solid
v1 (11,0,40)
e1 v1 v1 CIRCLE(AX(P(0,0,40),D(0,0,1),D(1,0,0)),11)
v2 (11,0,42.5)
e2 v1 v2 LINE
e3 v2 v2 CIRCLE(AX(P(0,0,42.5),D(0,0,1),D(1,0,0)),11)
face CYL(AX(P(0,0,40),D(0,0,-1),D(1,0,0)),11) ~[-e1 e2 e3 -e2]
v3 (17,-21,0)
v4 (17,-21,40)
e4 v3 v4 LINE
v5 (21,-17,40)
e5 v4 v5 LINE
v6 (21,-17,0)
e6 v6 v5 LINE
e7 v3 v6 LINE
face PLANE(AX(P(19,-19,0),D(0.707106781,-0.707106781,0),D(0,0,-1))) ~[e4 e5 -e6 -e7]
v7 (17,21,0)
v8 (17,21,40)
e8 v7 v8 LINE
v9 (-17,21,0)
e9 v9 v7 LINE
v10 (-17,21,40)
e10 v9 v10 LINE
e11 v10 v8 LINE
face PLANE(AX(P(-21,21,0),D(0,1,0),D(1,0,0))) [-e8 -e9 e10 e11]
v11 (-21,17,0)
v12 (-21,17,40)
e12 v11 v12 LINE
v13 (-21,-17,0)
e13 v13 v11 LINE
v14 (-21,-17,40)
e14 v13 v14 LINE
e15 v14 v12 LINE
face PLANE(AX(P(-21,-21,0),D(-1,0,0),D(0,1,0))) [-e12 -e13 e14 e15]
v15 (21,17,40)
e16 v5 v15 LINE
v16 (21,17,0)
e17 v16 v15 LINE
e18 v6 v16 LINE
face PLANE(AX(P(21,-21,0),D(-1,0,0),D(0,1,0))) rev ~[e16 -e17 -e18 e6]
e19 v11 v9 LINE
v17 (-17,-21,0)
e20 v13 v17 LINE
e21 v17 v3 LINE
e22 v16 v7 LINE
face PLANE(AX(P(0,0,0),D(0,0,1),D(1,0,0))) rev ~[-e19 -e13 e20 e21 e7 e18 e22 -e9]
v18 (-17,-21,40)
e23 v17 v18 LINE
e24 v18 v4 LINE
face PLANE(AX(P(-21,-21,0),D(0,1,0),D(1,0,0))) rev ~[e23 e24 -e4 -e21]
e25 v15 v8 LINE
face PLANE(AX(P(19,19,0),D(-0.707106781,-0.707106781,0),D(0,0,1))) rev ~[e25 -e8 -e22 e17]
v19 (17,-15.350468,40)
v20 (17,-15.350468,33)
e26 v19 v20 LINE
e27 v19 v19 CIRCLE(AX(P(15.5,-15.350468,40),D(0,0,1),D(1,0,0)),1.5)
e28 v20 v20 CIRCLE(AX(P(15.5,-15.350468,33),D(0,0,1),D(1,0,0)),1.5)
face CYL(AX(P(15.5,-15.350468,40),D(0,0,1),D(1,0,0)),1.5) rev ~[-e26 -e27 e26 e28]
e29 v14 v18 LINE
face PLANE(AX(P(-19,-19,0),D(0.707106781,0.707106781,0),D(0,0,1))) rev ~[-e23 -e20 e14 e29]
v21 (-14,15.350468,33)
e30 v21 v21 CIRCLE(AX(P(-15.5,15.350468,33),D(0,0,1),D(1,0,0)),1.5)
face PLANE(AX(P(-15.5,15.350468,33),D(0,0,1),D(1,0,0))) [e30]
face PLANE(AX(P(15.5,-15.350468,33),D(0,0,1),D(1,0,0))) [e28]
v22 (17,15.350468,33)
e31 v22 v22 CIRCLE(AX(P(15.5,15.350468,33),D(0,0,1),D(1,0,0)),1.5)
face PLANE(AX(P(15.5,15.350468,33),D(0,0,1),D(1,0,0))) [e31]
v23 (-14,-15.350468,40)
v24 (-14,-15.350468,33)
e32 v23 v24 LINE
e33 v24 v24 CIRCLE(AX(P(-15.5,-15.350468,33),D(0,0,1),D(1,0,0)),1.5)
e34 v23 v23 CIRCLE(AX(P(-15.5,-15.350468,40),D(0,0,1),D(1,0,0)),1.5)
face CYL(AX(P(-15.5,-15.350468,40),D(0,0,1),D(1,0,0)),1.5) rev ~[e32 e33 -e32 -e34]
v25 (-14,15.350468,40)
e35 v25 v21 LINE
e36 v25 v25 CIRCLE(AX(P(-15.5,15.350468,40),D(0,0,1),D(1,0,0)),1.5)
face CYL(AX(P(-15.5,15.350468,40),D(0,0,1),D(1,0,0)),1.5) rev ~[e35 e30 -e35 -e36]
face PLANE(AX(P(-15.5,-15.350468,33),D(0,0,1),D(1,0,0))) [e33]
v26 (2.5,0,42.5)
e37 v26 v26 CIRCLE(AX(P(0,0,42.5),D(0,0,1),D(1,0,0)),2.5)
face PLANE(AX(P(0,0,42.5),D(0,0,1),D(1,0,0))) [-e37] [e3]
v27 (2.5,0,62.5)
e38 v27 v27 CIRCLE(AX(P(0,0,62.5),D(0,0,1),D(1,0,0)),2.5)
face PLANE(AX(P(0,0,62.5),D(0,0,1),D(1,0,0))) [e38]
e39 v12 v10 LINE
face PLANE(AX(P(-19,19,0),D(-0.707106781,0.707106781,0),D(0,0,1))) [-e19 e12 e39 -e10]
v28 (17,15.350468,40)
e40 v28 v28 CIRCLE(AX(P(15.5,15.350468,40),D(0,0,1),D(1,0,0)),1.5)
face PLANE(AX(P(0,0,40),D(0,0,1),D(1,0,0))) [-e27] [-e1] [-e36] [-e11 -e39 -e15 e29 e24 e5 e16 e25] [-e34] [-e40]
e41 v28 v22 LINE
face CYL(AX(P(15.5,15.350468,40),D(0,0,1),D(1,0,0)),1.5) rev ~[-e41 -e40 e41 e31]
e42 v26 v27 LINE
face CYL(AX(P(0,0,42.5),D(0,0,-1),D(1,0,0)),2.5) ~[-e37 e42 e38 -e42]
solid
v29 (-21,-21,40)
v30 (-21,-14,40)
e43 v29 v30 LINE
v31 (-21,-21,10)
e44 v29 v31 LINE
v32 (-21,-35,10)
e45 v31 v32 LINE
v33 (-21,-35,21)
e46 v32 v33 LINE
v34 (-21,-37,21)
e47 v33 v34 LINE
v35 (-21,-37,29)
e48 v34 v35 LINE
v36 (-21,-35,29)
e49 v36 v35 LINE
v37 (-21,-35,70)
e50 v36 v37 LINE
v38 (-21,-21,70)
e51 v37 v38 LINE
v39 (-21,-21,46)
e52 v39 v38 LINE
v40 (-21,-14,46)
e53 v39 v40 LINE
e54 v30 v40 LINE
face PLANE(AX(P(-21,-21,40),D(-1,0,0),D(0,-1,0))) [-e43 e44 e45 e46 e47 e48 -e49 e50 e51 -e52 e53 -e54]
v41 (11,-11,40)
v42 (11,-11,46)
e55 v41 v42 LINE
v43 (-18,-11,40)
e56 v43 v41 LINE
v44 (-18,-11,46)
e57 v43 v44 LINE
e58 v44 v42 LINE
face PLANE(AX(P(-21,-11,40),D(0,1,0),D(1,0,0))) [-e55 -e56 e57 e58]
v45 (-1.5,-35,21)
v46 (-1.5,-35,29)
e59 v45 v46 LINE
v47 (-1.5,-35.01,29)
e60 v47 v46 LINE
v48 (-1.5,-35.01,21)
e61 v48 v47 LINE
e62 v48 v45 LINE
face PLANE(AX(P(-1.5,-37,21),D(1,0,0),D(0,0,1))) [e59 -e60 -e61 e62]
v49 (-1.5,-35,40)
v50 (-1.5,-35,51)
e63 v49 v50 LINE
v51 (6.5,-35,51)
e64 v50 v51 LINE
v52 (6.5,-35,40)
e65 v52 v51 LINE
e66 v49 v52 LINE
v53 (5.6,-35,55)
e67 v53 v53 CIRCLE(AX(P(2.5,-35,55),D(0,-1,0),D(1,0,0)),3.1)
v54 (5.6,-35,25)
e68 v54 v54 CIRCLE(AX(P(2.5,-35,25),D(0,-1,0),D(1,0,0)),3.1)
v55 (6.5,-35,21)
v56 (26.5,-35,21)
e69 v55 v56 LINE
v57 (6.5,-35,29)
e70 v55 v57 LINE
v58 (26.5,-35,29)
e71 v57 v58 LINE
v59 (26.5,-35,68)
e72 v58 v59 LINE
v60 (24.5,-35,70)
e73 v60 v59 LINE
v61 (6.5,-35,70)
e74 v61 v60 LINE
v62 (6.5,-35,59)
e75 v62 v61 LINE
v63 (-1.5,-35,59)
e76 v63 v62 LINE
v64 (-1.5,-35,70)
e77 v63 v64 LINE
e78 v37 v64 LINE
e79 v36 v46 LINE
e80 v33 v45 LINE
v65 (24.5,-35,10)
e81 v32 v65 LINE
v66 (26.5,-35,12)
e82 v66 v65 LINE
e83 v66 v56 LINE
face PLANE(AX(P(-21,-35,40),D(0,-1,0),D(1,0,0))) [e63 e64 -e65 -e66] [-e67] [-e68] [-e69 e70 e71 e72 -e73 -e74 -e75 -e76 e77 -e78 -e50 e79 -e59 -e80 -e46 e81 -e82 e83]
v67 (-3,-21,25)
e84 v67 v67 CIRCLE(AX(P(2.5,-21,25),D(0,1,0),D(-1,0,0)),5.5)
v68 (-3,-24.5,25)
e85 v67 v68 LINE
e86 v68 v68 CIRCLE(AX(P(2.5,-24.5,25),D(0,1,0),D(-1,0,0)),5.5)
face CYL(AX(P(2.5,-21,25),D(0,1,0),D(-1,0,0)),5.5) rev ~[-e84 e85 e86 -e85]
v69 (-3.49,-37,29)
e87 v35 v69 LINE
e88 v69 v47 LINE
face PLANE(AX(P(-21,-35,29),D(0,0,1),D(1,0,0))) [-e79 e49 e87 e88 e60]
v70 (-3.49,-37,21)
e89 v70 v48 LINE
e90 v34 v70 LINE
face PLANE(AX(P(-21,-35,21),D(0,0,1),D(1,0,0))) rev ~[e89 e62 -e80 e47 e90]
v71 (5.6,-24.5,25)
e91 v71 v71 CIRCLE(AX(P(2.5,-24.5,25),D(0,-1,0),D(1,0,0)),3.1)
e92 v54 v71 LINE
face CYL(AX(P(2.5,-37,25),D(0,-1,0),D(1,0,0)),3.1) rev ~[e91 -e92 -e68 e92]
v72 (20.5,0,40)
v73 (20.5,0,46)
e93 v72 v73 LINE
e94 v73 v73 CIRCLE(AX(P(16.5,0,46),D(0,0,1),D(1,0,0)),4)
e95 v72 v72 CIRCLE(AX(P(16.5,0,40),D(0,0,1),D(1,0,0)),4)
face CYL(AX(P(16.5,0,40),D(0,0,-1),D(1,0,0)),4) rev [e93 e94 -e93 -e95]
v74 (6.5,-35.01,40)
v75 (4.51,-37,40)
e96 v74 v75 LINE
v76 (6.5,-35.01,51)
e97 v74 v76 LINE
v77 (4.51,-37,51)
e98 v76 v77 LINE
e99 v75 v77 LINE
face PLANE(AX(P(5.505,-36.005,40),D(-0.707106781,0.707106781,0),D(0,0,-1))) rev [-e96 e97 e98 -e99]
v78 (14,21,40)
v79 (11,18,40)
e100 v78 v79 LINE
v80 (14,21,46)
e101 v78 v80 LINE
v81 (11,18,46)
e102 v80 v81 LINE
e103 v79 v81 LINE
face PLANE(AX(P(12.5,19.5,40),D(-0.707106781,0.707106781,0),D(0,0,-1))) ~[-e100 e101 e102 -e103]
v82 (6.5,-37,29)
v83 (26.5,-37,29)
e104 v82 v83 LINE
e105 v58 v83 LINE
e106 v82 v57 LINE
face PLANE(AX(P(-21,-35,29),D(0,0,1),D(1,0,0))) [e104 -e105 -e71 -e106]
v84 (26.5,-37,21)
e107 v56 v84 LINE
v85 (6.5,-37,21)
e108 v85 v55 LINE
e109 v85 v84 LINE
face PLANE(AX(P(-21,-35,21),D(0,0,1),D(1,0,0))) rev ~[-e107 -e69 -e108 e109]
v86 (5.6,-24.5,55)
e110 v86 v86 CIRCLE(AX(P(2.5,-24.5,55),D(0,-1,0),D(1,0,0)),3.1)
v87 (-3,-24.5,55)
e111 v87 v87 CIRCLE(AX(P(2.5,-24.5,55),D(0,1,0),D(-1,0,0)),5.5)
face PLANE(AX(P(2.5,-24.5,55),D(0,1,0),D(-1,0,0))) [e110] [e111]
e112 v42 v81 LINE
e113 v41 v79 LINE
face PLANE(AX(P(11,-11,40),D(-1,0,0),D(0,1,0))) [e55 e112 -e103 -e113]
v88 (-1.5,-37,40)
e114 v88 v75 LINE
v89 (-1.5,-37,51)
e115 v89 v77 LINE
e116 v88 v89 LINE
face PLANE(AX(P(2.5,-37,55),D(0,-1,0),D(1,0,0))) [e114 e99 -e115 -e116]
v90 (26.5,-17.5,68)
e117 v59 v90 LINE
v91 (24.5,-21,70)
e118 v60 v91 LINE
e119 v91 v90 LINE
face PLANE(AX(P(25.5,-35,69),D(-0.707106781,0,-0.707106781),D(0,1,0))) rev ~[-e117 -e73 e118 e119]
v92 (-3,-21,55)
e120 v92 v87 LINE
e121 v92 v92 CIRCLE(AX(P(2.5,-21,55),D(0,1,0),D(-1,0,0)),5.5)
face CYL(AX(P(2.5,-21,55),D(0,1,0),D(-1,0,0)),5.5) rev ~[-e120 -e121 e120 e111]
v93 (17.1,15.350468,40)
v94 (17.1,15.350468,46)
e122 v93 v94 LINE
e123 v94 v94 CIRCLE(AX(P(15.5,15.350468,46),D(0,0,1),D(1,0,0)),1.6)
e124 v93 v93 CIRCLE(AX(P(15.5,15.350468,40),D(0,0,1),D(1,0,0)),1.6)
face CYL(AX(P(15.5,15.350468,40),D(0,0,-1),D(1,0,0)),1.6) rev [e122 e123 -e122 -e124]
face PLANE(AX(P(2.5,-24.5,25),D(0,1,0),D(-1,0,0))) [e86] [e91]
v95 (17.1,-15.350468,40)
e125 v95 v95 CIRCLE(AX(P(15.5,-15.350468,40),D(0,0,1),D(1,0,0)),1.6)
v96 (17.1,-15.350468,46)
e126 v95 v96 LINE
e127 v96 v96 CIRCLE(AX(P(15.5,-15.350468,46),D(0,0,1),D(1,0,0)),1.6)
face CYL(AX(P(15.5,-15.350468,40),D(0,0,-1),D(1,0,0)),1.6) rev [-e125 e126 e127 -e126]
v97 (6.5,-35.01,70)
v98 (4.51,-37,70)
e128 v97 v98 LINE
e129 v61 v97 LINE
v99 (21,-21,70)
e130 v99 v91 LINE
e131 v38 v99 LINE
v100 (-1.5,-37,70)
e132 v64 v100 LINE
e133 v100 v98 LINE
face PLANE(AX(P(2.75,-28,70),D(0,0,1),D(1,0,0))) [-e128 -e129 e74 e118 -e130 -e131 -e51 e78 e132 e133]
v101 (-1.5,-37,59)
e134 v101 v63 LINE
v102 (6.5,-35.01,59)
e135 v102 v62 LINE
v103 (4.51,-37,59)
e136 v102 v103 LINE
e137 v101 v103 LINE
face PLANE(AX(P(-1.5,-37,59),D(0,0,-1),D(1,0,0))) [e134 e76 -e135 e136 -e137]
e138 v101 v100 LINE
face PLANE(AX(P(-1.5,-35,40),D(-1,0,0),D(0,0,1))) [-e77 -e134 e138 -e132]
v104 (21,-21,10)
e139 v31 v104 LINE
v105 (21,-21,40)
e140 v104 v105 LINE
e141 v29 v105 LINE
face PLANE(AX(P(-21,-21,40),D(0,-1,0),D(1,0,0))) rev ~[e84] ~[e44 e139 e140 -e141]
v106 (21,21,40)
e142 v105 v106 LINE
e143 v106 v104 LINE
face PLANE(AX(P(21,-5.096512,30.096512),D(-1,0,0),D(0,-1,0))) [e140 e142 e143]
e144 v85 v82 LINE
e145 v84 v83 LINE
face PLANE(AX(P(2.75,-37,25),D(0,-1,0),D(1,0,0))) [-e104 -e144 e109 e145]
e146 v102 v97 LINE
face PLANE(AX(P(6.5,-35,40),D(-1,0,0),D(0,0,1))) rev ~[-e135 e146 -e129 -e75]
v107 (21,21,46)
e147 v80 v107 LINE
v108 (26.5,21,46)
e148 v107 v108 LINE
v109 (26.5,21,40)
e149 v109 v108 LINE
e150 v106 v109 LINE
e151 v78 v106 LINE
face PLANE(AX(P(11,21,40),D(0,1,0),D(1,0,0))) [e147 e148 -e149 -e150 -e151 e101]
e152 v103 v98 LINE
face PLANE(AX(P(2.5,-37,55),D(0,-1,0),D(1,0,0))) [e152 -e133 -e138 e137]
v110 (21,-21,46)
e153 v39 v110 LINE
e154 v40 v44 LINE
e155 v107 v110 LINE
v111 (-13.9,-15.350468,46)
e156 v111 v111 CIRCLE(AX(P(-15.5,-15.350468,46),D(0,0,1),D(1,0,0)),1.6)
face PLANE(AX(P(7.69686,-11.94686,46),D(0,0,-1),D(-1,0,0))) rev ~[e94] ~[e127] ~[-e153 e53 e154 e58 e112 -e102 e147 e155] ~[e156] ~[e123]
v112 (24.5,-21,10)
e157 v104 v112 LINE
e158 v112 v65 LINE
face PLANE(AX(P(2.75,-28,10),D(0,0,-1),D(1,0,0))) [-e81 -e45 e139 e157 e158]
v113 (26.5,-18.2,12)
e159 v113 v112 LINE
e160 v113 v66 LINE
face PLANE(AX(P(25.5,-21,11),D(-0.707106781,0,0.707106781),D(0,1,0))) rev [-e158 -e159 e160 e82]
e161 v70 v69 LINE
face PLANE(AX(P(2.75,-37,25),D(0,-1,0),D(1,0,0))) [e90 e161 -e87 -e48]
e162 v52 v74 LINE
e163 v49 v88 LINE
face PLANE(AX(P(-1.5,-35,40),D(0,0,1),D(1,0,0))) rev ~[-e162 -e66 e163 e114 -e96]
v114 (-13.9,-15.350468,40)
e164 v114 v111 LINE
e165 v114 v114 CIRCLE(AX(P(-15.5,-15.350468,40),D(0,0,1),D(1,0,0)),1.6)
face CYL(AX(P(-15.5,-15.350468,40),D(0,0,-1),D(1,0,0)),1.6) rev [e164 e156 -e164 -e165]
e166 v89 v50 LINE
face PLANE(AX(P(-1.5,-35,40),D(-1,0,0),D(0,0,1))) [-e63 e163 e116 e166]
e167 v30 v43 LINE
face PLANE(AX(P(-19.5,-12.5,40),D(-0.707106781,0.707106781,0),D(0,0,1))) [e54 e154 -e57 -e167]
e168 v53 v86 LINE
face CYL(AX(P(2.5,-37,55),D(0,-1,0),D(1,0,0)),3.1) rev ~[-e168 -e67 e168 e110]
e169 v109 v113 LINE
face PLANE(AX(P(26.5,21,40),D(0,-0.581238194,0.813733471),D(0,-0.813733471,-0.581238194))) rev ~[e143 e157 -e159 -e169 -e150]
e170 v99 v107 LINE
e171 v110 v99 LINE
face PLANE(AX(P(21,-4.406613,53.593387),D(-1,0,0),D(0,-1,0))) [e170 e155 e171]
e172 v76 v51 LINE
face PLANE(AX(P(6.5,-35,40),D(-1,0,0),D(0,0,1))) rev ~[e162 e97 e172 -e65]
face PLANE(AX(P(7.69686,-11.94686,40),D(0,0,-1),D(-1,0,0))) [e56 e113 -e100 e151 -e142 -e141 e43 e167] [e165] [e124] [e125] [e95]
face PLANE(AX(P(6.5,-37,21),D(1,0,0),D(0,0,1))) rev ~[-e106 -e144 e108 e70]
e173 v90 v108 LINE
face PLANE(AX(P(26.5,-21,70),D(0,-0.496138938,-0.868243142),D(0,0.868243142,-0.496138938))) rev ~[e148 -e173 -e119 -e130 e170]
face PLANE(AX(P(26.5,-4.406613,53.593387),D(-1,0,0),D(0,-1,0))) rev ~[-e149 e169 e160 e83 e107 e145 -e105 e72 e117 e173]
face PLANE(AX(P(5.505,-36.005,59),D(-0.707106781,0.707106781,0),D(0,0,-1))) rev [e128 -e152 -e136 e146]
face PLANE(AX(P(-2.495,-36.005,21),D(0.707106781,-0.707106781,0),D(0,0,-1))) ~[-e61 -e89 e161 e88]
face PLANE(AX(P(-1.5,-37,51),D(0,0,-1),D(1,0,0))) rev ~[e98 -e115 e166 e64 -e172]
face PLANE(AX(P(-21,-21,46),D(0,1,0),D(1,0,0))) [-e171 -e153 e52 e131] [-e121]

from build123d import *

# Parameters (mm, degrees)
SKETCH_W        = 42
SKETCH_H        = 42
PAD_DEPTH       = 40
CHAMFER_SIZE    = 4
SKETCH001_R     = 11
PAD001_DEPTH    = 2.5
SKETCH002_R     = 2.5
PAD002_DEPTH    = 20
SKETCH003_R     = 1.5
POCKET_DEPTH    = 7
SKETCH004_R     = 4
SKETCH004_R_2   = 1.6
PAD003_DEPTH    = 6
SKETCH005_W     = 47.5
SKETCH005_H     = 14
PAD004_DEPTH    = 24
SKETCH006_W     = 47.5
SKETCH006_H     = 14
PAD005_DEPTH    = 30
PAD006_DEPTH    = 5.5
SKETCH008_W     = 8
SKETCH008_H     = 30
PAD007_DEPTH    = 2
SKETCH009_W     = 47.5
SKETCH009_H     = 8
PAD008_DEPTH    = 2
SKETCH010_R     = 3.1
POCKET001_DEPTH = 58.001
SKETCH011_W     = 8
SKETCH011_H     = 8
POCKET002_DEPTH = 2
CHAMFER001_SIZE = 2
CHAMFER002_SIZE = 3
CHAMFER003_SIZE = 1.99
SKETCH012_R     = 5.5
POCKET003_DEPTH = 3.5


with BuildPart() as motor:
    # Sketch → Pad (new body)
    with BuildSketch(Plane.XY):
        Rectangle(SKETCH_W, SKETCH_H)
    extrude(amount=PAD_DEPTH)

    # Chamfer
    chamfer_edges = [motor.edges().sort_by_distance(p)[0] for p in [
        (21, -21, 20),
        (-21, -21, 20),
        (-21, 21, 20),
        (21, 21, 20),
    ]]
    chamfer(chamfer_edges, length=CHAMFER_SIZE)

    # Sketch001 (on Face5 of Chamfer) → Pad001 (join)
    with BuildSketch(Plane.XY.offset(40)):
        Circle(SKETCH001_R)
    extrude(amount=PAD001_DEPTH)

    # Sketch002 (on Face12 of Pad001) → Pad002 (join)
    with BuildSketch(Plane.XY.offset(42.5)):
        Circle(SKETCH002_R)
    extrude(amount=PAD002_DEPTH)

    # Sketch003 (on Face5 of Pad002) → Pocket (cut)
    with BuildSketch(Plane.XY.offset(40)):
        with Locations((-15.5, 15.350468)):
            Circle(SKETCH003_R)
        with Locations((15.5, 15.350468)):
            Circle(SKETCH003_R)
        with Locations((15.5, -15.350468)):
            Circle(SKETCH003_R)
        with Locations((-15.5, -15.350468)):
            Circle(SKETCH003_R)
    extrude(amount=-POCKET_DEPTH, mode=Mode.SUBTRACT)


with BuildPart() as y_motor:
    # Sketch004 (on Face1 of ShapeBinder) → Pad003 (new body)
    with BuildSketch(Plane.XY.offset(40)):
        Polygon((11, 21), (26.5, 21), (26.5, -35), (-21, -35), (-21, -11), (11, -11), align=None)
        with Locations((16.5, 0)):
            Circle(SKETCH004_R, mode=Mode.SUBTRACT)
        with Locations((15.5, 15.350468)):
            Circle(SKETCH004_R_2, mode=Mode.SUBTRACT)
        with Locations((-15.5, -15.350468)):
            Circle(SKETCH004_R_2, mode=Mode.SUBTRACT)
        with Locations((15.5, -15.350468)):
            Circle(SKETCH004_R_2, mode=Mode.SUBTRACT)
    extrude(amount=PAD003_DEPTH)

    # Sketch005 (on Face12 of Pad003) → Pad004 (join)
    with BuildSketch(Plane.XY.offset(46)):
        with Locations((2.75, -28)):
            Rectangle(SKETCH005_W, SKETCH005_H)
    extrude(amount=PAD004_DEPTH)

    # Sketch006 (on Face4 of Pad004) → Pad005 (join)
    with BuildSketch(Plane(origin=(0, 0, 40), x_dir=(1, 0, 0), z_dir=(0, 0, -1))):
        with Locations((2.75, 28)):
            Rectangle(SKETCH006_W, SKETCH006_H)
    extrude(amount=PAD005_DEPTH)

    # Sketch007 (on Face14 of Pad005) → Pad006 (join)
    with BuildSketch(Plane.YZ.offset(26.5)):
        Polygon((-21, 70), (21, 46), (-21, 46), align=None)
        Polygon((-21, 40), (21, 40), (-21, 10), align=None)
    extrude(amount=-PAD006_DEPTH)

    # Sketch008 (on Face18 of Pad006) → Pad007 (join)
    with BuildSketch(Plane.XZ.offset(35)):
        with Locations((2.5, 55)):
            Rectangle(SKETCH008_W, SKETCH008_H)
    extrude(amount=PAD007_DEPTH)

    # Sketch009 (on Face19 of Pad007) → Pad008 (join)
    with BuildSketch(Plane.XZ.offset(35)):
        with Locations((2.75, 25)):
            Rectangle(SKETCH009_W, SKETCH009_H)
    extrude(amount=PAD008_DEPTH)

    # Sketch010 (on Face27 of Pad008) → Pocket001 (cut, through all)
    with BuildSketch(Plane.XZ.offset(37)):
        with Locations((2.5, 25)):
            Circle(SKETCH010_R)
        with Locations((2.5, 55)):
            Circle(SKETCH010_R)
    extrude(amount=-POCKET001_DEPTH, mode=Mode.SUBTRACT)

    # Sketch011 (on Face29 of Pocket001) → Pocket002 (cut)
    with BuildSketch(Plane.XZ.offset(37)):
        with Locations((2.5, 25)):
            Rectangle(SKETCH011_W, SKETCH011_H)
        with Locations((2.5, 55)):
            Rectangle(SKETCH011_W, SKETCH011_H)
    extrude(amount=-POCKET002_DEPTH, mode=Mode.SUBTRACT)

    # Chamfer001
    chamfer001_edges = [y_motor.edges().sort_by_distance(p)[0] for p in [
        (26.5, -28, 10),
        (26.5, -28, 70),
    ]]
    chamfer(chamfer001_edges, length=CHAMFER001_SIZE)

    # Chamfer002
    chamfer002_edges = [y_motor.edges().sort_by_distance(p)[0] for p in [
        (-21, -11, 43),
        (11, 21, 43),
    ]]
    chamfer(chamfer002_edges, length=CHAMFER002_SIZE)

    # Chamfer003
    chamfer003_edges = [y_motor.edges().sort_by_distance(p)[0] for p in [
        (-1.5, -37, 25),
        (6.5, -37, 45.5),
        (6.5, -37, 64.5),
    ]]
    chamfer(chamfer003_edges, length=CHAMFER003_SIZE)

    # Sketch012 (on Face22 of Chamfer003) → Pocket003 (cut)
    with BuildSketch(Plane(origin=(0, -21, 0), x_dir=(-1, 0, 0), z_dir=(0, 1, 0))):
        with Locations((-2.5, 55)):
            Circle(SKETCH012_R)
        with Locations((-2.5, 25)):
            Circle(SKETCH012_R)
    extrude(amount=-POCKET003_DEPTH, mode=Mode.SUBTRACT)


solid = Compound([motor.part, y_motor.part])
